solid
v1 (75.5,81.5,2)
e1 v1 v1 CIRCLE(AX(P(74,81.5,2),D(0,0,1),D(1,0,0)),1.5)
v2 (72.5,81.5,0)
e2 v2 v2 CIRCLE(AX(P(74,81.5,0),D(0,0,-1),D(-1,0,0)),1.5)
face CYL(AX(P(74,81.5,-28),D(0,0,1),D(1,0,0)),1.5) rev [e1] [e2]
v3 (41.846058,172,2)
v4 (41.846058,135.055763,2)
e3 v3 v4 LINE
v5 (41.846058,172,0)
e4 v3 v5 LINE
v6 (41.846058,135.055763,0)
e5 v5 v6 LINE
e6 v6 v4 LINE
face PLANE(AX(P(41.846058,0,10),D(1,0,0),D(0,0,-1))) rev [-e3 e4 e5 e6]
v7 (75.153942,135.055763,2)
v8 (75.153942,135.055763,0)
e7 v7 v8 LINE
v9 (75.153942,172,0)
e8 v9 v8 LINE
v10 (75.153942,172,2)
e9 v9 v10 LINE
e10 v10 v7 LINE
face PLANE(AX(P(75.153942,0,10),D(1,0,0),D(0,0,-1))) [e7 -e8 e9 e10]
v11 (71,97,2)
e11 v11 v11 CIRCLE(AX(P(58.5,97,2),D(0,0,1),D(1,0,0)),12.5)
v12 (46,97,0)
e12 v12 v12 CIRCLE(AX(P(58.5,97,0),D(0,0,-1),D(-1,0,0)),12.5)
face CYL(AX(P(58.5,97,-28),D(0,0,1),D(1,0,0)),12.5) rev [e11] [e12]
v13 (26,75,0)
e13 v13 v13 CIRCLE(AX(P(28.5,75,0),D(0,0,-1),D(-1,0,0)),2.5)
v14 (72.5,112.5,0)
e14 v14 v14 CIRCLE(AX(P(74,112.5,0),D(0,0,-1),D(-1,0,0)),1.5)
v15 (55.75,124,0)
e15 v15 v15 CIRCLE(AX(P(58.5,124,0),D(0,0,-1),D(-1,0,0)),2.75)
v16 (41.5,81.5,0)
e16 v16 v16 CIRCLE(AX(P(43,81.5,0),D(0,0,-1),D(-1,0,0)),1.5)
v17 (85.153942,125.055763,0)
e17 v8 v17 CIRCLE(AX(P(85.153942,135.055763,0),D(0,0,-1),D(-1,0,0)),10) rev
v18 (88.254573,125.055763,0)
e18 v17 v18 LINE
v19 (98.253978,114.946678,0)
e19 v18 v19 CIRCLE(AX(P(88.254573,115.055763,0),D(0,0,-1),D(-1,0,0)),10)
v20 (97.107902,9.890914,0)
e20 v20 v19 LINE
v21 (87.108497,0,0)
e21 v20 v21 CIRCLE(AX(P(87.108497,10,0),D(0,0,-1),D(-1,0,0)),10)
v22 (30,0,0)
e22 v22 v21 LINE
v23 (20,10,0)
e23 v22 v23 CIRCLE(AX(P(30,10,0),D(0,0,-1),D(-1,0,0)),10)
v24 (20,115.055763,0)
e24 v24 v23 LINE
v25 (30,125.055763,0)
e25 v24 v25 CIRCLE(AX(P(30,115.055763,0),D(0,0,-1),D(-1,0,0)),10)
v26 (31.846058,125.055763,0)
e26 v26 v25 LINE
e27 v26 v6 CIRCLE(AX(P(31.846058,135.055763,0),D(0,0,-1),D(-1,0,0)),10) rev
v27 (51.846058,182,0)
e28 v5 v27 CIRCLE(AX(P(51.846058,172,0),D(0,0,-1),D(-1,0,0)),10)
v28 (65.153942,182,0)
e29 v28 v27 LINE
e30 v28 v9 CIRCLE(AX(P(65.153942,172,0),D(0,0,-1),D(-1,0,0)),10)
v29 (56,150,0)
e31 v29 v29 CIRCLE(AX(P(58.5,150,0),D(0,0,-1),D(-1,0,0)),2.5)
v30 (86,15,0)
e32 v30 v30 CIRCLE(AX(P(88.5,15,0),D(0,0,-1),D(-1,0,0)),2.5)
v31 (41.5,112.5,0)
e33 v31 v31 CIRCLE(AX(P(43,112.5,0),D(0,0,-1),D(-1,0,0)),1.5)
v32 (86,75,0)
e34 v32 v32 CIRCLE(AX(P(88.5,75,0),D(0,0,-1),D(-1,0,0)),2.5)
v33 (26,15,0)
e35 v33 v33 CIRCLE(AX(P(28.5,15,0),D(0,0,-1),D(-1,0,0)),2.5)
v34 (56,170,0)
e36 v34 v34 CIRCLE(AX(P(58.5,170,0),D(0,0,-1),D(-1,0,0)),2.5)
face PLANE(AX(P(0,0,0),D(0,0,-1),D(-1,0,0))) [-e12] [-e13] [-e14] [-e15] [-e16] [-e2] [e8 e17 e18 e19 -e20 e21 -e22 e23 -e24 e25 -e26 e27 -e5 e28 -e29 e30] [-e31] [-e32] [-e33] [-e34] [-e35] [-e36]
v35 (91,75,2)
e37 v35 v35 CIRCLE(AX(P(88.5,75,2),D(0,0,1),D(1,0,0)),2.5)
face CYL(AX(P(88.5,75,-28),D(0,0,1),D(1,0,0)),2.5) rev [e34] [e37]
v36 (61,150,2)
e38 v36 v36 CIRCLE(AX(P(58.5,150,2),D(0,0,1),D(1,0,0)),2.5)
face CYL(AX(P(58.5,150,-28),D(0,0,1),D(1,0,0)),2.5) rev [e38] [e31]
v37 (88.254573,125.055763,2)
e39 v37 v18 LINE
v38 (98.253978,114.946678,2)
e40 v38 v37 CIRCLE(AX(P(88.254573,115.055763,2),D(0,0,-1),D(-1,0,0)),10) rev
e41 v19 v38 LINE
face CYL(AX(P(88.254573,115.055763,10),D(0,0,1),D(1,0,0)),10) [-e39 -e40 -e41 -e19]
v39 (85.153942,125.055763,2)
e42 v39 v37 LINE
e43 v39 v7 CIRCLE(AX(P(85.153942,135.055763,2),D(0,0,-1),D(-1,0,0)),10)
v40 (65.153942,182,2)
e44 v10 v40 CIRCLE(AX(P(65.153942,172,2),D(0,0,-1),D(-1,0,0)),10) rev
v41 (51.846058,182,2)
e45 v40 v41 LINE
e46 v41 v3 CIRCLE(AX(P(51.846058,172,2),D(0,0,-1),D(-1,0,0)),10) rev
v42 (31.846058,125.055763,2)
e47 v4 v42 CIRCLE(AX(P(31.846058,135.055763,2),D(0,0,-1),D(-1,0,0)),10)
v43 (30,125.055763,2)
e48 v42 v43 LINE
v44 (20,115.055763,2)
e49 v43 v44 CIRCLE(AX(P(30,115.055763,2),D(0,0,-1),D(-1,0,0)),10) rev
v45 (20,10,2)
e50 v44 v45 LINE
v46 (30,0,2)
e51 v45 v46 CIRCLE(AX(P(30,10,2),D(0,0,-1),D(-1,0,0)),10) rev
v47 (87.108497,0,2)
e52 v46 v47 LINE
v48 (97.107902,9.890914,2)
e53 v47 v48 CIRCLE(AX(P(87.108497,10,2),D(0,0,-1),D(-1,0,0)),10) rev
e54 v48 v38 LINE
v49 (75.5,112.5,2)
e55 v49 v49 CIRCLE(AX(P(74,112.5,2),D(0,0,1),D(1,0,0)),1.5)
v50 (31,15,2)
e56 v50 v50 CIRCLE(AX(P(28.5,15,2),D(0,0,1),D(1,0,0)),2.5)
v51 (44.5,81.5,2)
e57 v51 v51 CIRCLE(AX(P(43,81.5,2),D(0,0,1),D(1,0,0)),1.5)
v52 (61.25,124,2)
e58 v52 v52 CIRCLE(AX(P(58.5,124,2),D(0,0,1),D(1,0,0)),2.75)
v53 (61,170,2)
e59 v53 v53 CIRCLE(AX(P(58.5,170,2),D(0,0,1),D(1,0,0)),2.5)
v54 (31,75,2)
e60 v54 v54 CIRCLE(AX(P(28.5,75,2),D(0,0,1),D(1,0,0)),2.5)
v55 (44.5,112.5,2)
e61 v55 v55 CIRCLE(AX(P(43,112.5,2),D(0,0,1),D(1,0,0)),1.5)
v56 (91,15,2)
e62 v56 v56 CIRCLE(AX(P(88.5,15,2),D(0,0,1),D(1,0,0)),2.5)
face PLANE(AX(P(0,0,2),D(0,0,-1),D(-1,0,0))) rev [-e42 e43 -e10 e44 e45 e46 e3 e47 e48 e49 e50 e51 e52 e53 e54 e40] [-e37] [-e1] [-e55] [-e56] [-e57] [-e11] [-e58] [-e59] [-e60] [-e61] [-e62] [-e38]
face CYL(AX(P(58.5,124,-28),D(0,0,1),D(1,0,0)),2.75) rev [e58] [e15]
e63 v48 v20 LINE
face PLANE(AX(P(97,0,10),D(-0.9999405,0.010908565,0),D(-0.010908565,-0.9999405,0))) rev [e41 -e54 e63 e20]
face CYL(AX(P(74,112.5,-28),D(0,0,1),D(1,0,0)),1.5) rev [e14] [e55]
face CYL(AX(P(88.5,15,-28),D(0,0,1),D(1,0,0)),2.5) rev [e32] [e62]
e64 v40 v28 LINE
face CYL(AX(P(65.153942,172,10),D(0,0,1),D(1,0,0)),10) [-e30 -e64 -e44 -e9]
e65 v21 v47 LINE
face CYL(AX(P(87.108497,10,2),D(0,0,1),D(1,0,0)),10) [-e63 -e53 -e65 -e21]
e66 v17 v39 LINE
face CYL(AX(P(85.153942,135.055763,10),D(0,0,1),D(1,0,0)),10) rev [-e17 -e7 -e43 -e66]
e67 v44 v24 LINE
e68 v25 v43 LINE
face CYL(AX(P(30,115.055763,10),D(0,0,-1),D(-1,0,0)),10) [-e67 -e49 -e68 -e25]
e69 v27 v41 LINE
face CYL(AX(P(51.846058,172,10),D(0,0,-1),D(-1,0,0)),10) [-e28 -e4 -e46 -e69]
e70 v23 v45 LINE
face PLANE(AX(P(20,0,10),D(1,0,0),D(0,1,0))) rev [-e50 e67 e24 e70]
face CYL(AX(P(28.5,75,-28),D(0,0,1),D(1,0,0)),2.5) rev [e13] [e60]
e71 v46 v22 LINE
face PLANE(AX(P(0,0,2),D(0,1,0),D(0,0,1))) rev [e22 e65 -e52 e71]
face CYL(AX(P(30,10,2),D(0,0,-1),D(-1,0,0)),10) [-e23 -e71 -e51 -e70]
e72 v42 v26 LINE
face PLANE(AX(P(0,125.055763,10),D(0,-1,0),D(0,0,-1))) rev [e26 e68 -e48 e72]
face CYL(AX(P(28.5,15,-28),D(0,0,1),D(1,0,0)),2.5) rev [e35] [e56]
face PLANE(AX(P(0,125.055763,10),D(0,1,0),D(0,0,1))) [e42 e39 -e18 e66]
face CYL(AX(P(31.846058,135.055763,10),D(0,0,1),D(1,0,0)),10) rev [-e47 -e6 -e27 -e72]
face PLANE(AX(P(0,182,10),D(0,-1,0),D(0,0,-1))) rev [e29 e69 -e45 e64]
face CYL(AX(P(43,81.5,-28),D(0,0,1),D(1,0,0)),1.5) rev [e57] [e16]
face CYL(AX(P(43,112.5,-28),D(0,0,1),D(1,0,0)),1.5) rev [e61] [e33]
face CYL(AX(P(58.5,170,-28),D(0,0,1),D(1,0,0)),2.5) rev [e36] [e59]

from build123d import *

# Parameters (mm, degrees)
SKETCH1_W           = 117
SKETCH1_H           = 200
BOSS_EXTRUDE1_DEPTH = 2
CUT_EXTRUDE1_DEPTH  = 2
SKETCH3_R           = 2.5
SKETCH3_R_2         = 1.5
SKETCH3_R_3         = 12.5
SKETCH3_R_4         = 2.75
CUT_EXTRUDE2_DEPTH  = 30
FILLET1_R           = 20
CUT_EXTRUDE3_DEPTH  = 10
FILLET2_R           = 10
CUT_EXTRUDE4_DEPTH  = 10
FILLET3_R           = 10
CUT_EXTRUDE5_DEPTH  = 10
FILLET4_R           = 10


with BuildPart() as part:
    # Sketch1 → Boss-Extrude1 (new body)
    with BuildSketch(Plane.XY):
        with Locations((58.5, 100)):
            Rectangle(SKETCH1_W, SKETCH1_H)
    extrude(amount=BOSS_EXTRUDE1_DEPTH)

    # Sketch2 → Cut-Extrude1 (cut)
    with BuildSketch(Plane.XY.offset(2)):
        Polygon((0, 120), (40, 200), (0, 200), align=None)
        Polygon((77, 200), (117, 120), (117, 200), align=None)
    extrude(amount=-CUT_EXTRUDE1_DEPTH, mode=Mode.SUBTRACT)

    # Sketch3 → Cut-Extrude2 (cut)
    with BuildSketch(Plane.XY.offset(2)):
        with Locations((58.5, 170)):
            Circle(SKETCH3_R)
        with Locations((58.5, 150)):
            Circle(SKETCH3_R)
        with Locations((28.5, 15)):
            Circle(SKETCH3_R)
        with Locations((88.5, 15)):
            Circle(SKETCH3_R)
        with Locations((28.5, 75)):
            Circle(SKETCH3_R)
        with Locations((88.5, 75)):
            Circle(SKETCH3_R)
        with Locations((43, 112.5)):
            Circle(SKETCH3_R_2)
        with Locations((43, 81.5)):
            Circle(SKETCH3_R_2)
        with Locations((74, 81.5)):
            Circle(SKETCH3_R_2)
        with Locations((74, 112.5)):
            Circle(SKETCH3_R_2)
        with Locations((58.5, 97)):
            Circle(SKETCH3_R_3)
        with Locations((58.5, 124)):
            Circle(SKETCH3_R_4)
    extrude(amount=-CUT_EXTRUDE2_DEPTH, mode=Mode.SUBTRACT)

    # Fillet1
    fillet1_edges = [part.edges().sort_by_distance(p)[0] for p in [
        (0, 120, 1),
        (40, 200, 1),
        (117, 120, 1),
        (77, 200, 1),
        (117, 0, 1),
        (0, 0, 1),
    ]]
    fillet(fillet1_edges, radius=FILLET1_R)

    # Sketch4 → Cut-Extrude3 (cut)
    with BuildSketch(Plane(origin=(0, 0, 0), x_dir=(-1, 0, 0), z_dir=(0, 0, -1))):
        with BuildLine():
            Line((-97, 0), (-98.708203932, 156.583592135))
            Line((-98.708203932, 156.583592135), (-114.88854382, 124.22291236))
            ThreePointArc((-114.88854382, 124.22291236), (-116.464979789, 119.873698861), (-117, 115.27864045))
            Line((-117, 115.27864045), (-117, 20))
            ThreePointArc((-117, 20), (-111.142135624, 5.857864376), (-97, 0))
        make_face()
        with BuildLine():
            Line((-20, 0), (-20, 160))
            Line((-20, 160), (-18.291796068, 156.583592135))
            Line((-18.291796068, 156.583592135), (-2.11145618, 124.22291236))
            ThreePointArc((-2.11145618, 124.22291236), (-0.535020211, 119.873698861), (0, 115.27864045))
            Line((0, 115.27864045), (0, 20))
            ThreePointArc((0, 20), (-5.857864376, 5.857864376), (-20, 0))
        make_face()
    extrude(amount=-CUT_EXTRUDE3_DEPTH, mode=Mode.SUBTRACT)

    # Fillet2
    fillet2_edges = [part.edges().sort_by_distance(p)[0] for p in [
        (97, 0, 1),
        (20, 0, 1),
        (98.708203932, 156.583592135, 1),
        (20, 160, 1),
    ]]
    fillet(fillet2_edges, radius=FILLET2_R)

    # Sketch5 → Cut-Extrude4 (cut)
    with BuildSketch(Plane(origin=(0, 0, 0), x_dir=(-1, 0, 0), z_dir=(0, 0, -1))):
        with BuildLine():
            Line((-75.153942467, 125.055763262), (-75.153942467, 197.013016167))
            ThreePointArc((-75.153942467, 197.013016167), (-79.402826552, 193.49217851), (-82.527864045, 188.94427191))
            Line((-82.527864045, 188.94427191), (-97.626690246, 158.746619509))
            ThreePointArc((-97.626690246, 158.746619509), (-98.427295018, 156.518894044), (-98.681823334, 154.165397904))
            Line((-98.681823334, 154.165397904), (-98.364260097, 125.055763262))
            Line((-98.364260097, 125.055763262), (-75.153942467, 125.055763262))
        make_face()
        with BuildLine():
            ThreePointArc((-34.472135955, 188.94427191), (-37.597173448, 193.49217851), (-41.846057533, 197.013016167))
            Line((-41.846057533, 197.013016167), (-41.846057533, 125.055763262))
            Line((-41.846057533, 125.055763262), (-20, 125.055763262))
            Line((-20, 125.055763262), (-20, 157.639320225))
            ThreePointArc((-20, 157.639320225), (-20.267510105, 159.93684943), (-21.05572809, 162.11145618))
            Line((-21.05572809, 162.11145618), (-34.472135955, 188.94427191))
        make_face()
    extrude(amount=-CUT_EXTRUDE4_DEPTH, mode=Mode.SUBTRACT)

    # Fillet3
    fillet3_edges = [part.edges().sort_by_distance(p)[0] for p in [
        (75.153942467, 197.013016167, 1),
        (41.846057533, 197.013016167, 1),
        (75.153942467, 125.055763262, 1),
        (98.364260097, 125.055763262, 1),
        (41.846057533, 125.055763262, 1),
        (20, 125.055763262, 1),
    ]]
    fillet(fillet3_edges, radius=FILLET3_R)

    # Sketch6 → Cut-Extrude5 (cut)
    with BuildSketch(Plane(origin=(0, 0, 0), x_dir=(-1, 0, 0), z_dir=(0, 0, -1))):
        with BuildLine():
            Line((-75.153942467, 189.986749418), (-75.153942467, 182))
            Line((-75.153942467, 182), (-41.846057533, 182))
            Line((-41.846057533, 182), (-41.846057533, 189.986749418))
            ThreePointArc((-41.846057533, 189.986749418), (-44.595325762, 196.873467707), (-51.33143529, 199.973498837))
            ThreePointArc((-51.33143529, 199.973498837), (-51.845886972, 199.993373612), (-52.360679775, 200))
            Line((-52.360679775, 200), (-64.639320225, 200))
            ThreePointArc((-64.639320225, 200), (-65.154113028, 199.993373612), (-65.66856471, 199.973498837))
            ThreePointArc((-65.66856471, 199.973498837), (-72.404674238, 196.873467707), (-75.153942467, 189.986749418))
        make_face()
    extrude(amount=-CUT_EXTRUDE5_DEPTH, mode=Mode.SUBTRACT)

    # Fillet4
    fillet4_edges = [part.edges().sort_by_distance(p)[0] for p in [
        (41.846057533, 182, 1),
        (75.153942467, 182, 1),
    ]]
    fillet(fillet4_edges, radius=FILLET4_R)


solid = part.part
